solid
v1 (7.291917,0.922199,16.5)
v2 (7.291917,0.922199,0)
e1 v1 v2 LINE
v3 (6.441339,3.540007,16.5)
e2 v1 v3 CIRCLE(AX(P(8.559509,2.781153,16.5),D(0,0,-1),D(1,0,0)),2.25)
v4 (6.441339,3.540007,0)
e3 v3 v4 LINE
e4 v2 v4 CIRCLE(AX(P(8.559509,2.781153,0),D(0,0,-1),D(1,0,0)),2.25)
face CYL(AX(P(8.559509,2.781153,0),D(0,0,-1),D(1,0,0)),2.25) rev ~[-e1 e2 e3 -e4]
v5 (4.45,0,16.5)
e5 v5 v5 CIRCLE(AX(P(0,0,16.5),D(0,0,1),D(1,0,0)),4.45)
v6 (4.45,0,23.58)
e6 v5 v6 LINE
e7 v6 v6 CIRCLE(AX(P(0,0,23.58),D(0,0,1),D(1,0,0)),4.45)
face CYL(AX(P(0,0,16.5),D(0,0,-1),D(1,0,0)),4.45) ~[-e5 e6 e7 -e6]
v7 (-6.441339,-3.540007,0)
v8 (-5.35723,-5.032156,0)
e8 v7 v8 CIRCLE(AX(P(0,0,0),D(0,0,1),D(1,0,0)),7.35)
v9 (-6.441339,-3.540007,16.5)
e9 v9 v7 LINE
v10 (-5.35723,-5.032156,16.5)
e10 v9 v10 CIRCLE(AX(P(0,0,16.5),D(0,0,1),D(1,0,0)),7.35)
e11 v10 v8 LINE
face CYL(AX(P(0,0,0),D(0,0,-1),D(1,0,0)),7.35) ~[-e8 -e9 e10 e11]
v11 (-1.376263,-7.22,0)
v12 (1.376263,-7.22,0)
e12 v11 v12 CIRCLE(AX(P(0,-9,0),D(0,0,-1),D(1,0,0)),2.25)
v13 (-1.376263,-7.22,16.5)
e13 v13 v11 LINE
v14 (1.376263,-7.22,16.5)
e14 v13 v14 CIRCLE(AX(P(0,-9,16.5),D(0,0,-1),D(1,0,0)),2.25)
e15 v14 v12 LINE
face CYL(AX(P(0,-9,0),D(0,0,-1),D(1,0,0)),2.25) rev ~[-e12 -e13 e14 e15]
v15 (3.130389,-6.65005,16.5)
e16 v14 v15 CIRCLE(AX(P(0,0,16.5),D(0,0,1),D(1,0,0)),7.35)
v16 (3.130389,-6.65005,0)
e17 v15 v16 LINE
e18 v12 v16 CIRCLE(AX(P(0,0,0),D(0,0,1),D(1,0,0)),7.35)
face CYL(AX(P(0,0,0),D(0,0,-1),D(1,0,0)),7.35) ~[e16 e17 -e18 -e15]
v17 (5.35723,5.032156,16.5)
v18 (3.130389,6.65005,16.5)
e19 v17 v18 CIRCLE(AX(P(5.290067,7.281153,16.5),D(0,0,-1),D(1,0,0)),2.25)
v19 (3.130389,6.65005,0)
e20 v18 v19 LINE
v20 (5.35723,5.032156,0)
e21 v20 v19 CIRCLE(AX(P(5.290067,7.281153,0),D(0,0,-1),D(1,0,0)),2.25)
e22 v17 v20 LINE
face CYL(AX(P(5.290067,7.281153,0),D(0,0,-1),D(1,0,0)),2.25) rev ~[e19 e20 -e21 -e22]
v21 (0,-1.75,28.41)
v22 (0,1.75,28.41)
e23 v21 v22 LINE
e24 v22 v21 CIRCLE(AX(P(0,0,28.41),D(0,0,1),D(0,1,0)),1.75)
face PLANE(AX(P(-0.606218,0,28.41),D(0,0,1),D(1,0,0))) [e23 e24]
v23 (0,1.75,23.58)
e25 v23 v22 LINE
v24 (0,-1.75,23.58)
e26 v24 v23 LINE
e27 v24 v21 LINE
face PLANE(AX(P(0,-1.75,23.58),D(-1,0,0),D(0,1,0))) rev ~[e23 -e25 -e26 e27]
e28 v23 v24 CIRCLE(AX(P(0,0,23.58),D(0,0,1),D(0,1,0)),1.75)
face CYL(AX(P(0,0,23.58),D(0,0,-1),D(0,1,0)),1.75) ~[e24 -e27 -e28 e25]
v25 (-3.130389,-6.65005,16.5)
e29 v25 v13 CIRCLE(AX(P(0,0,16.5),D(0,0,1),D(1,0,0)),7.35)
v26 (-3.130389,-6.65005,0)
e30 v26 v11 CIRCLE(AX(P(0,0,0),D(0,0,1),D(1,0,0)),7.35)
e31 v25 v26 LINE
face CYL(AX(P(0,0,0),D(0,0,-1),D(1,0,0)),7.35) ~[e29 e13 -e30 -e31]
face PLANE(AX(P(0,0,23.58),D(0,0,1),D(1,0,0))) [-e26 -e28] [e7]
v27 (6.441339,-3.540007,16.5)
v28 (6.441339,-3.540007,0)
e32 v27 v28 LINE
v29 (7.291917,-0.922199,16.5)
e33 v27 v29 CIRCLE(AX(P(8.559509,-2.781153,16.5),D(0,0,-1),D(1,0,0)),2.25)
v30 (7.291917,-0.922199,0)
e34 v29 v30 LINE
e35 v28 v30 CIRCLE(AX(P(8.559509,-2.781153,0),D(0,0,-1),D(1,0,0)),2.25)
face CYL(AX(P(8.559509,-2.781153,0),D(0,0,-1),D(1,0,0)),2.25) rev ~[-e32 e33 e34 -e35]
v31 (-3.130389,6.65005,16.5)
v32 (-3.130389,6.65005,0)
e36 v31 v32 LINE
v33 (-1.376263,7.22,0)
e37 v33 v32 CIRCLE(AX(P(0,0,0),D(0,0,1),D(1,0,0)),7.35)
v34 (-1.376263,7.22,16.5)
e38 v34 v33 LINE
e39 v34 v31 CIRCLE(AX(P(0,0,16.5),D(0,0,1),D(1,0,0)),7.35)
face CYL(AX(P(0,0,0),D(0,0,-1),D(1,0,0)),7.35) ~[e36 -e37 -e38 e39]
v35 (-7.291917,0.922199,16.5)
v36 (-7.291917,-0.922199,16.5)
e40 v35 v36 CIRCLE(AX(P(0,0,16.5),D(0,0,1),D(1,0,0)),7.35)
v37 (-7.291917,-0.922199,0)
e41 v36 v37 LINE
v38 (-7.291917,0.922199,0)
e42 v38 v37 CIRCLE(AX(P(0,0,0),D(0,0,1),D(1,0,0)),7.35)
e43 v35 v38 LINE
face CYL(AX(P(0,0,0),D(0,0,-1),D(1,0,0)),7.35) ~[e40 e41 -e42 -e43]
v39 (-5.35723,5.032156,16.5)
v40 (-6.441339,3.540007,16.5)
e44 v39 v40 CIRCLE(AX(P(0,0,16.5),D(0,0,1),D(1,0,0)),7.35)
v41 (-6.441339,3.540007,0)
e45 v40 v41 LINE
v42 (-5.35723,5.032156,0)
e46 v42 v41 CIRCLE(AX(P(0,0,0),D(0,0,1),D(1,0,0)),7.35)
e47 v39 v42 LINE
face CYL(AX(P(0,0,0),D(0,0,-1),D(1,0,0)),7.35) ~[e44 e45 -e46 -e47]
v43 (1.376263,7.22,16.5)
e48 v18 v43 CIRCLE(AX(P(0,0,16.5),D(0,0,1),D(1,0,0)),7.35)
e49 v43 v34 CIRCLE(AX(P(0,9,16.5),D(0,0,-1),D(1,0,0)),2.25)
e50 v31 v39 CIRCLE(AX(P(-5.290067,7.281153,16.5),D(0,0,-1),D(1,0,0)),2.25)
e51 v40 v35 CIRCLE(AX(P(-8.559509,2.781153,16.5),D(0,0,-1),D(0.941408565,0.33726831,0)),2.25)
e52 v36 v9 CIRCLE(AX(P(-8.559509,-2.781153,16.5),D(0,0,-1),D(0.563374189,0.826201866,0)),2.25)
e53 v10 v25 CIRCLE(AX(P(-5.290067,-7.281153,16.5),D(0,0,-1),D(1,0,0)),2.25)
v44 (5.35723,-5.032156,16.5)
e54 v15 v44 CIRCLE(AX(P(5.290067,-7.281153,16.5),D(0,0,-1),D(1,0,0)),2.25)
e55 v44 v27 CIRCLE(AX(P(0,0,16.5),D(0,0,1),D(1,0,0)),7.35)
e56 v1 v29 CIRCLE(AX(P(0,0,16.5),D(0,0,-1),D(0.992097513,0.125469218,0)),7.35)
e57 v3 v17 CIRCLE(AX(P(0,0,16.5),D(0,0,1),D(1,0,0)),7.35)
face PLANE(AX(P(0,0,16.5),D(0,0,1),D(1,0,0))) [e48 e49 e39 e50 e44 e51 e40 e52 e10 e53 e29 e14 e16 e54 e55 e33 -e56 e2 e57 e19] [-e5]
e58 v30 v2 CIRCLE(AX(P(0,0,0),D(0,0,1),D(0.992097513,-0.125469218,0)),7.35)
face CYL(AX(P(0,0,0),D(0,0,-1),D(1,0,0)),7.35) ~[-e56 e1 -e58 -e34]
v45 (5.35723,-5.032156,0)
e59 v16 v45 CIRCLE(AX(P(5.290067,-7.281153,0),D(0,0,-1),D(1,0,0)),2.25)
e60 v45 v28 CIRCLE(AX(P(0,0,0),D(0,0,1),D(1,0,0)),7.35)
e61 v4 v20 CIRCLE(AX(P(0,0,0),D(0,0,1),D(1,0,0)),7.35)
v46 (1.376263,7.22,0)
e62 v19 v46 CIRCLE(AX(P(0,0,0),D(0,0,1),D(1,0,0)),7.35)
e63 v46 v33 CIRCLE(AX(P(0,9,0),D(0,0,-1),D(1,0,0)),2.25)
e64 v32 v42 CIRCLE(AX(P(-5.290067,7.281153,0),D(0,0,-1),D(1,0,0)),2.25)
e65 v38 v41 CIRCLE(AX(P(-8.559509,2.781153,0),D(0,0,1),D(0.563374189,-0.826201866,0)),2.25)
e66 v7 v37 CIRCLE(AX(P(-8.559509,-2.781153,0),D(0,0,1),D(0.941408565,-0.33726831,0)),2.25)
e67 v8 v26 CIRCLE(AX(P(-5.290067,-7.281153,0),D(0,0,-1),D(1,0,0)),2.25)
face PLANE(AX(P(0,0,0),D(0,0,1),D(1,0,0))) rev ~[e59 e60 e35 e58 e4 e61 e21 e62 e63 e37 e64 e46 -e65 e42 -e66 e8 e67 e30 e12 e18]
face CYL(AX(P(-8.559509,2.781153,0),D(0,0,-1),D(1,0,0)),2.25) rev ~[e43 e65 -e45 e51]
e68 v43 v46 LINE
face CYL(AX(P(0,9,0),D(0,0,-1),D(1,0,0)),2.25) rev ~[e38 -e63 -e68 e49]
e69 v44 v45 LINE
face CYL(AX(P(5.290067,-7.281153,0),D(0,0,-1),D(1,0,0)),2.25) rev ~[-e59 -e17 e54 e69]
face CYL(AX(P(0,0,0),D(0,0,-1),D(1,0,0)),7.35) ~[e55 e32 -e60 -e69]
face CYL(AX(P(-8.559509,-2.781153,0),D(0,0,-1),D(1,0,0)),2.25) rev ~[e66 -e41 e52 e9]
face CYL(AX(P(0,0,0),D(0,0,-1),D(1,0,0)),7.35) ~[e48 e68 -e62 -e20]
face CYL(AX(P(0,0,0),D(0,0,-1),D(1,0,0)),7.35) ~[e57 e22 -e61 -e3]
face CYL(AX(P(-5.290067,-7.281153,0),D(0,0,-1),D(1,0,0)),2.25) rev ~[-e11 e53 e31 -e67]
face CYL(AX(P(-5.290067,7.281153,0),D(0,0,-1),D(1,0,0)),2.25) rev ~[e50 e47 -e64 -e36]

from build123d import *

# Parameters (mm, degrees)
F0_R     = 7.35
F1_DEPTH = 16.5
F2_R     = 4.45
F3_DEPTH = 7.08
F6_DEPTH = 4.83
F7_R     = 2.25
F8_DEPTH = 25
F9_DEPTH = 25


with BuildPart() as f1:
    # F0 (on Top) → F1 (new body)
    with BuildSketch(Plane.XY):
        Circle(F0_R)
    extrude(amount=F1_DEPTH)

    # F2 (on face) → F3 (join)
    with BuildSketch(Plane.XY.offset(16.5)):
        Circle(F2_R)
    extrude(amount=F3_DEPTH)

    # F5 (on face) → F6 (join)
    with BuildSketch(Plane.XY.offset(23.58)):
        with BuildLine():
            Line((0, -1.75), (0, 1.75))
            ThreePointArc((0, 1.75), (-1.75, 0), (0, -1.75))
        make_face()
    extrude(amount=F6_DEPTH)

    # F7 (on face) → F8 (cut)
    with BuildSketch(Plane(origin=(0, 0, 0), x_dir=(1, 0, 0), z_dir=(0, 0, -1))):
        with Locations((0, -9)):
            Circle(F7_R)
        with Locations((5.2900672706, -7.2811529494)):
            Circle(F7_R)
        with Locations((8.5595086467, -2.7811529494)):
            Circle(F7_R)
        with Locations((8.5595086467, 2.7811529494)):
            Circle(F7_R)
        with Locations((5.2900672706, 7.2811529494)):
            Circle(F7_R)
        with Locations((0, 9)):
            Circle(F7_R)
        with Locations((-5.2900672706, 7.2811529494)):
            Circle(F7_R)
        with Locations((-8.5595086467, 2.7811529494)):
            Circle(F7_R)
        with Locations((-8.5595086467, -2.7811529494)):
            Circle(F7_R)
        with Locations((-5.2900672706, -7.2811529494)):
            Circle(F7_R)
    extrude(amount=-F8_DEPTH, mode=Mode.SUBTRACT)

    # F7 (on face) → F9 (cut)
    with BuildSketch(Plane(origin=(0, 0, 0), x_dir=(1, 0, 0), z_dir=(0, 0, -1))):
        with BuildLine():
            ThreePointArc((7.2919167208, -0.9221987516), (6.419631485, -2.085864712), (6.4413393745, -3.5400066472))
            ThreePointArc((6.4413393745, -3.5400066472), (6.9902653948, -2.2712749087), (7.2919167208, -0.9221987516))
        make_face()
        with BuildLine():
            ThreePointArc((5.3572297228, -5.0321555716), (4.3202216043, -5.9462749087), (3.1303893203, -6.6500498271))
            ThreePointArc((3.1303893203, -6.6500498271), (4.9713004187, -9.5084579788), (7.5400672706, -7.2811529494))
            ThreePointArc((7.5400672706, -7.2811529494), (6.9046284366, -5.7140881003), (5.3572297228, -5.0321555716))
        make_face()
        with BuildLine():
            ThreePointArc((-1.3762630563, -7.22), (-0.9914403975, -11.0197885875), (2.25, -9))
            ThreePointArc((2.25, -9), (2.0197885875, -8.0085596025), (1.3762630563, -7.22))
            ThreePointArc((1.3762630563, -7.22), (0, -7.35), (-1.3762630563, -7.22))
        make_face()
        with BuildLine():
            ThreePointArc((-3.0400672706, -7.2811529494), (-3.0627622412, -6.9623860974), (-3.1303893203, -6.6500498271))
            ThreePointArc((-3.1303893203, -6.6500498271), (-4.3202216043, -5.9462749087), (-5.3572297228, -5.0321555716))
            ThreePointArc((-5.3572297228, -5.0321555716), (-6.8571321197, -8.8957141153), (-3.0400672706, -7.2811529494))
        make_face()
        with BuildLine():
            ThreePointArc((-7.2919167208, -0.9221987516), (-10.6993858083, -3.4764411867), (-6.4413393745, -3.5400066472))
            ThreePointArc((-6.4413393745, -3.5400066472), (-6.9902653948, -2.2712749087), (-7.2919167208, -0.9221987516))
        make_face()
        with BuildLine():
            ThreePointArc((-6.4413393745, 3.5400066472), (-10.6993858083, 3.4764411867), (-7.2919167208, 0.9221987516))
            ThreePointArc((-7.2919167208, 0.9221987516), (-6.9902653948, 2.2712749087), (-6.4413393745, 3.5400066472))
        make_face()
        with BuildLine():
            ThreePointArc((-3.1303893203, 6.6500498271), (-4.3202216043, 5.9462749087), (-5.3572297228, 5.0321555716))
            ThreePointArc((-5.3572297228, 5.0321555716), (-3.967550453, 5.460864712), (-3.1303893203, 6.6500498271))
        make_face()
        with BuildLine():
            ThreePointArc((1.3762630563, 7.22), (0, 7.35), (-1.3762630563, 7.22))
            ThreePointArc((-1.3762630563, 7.22), (0, 6.75), (1.3762630563, 7.22))
        make_face()
        with BuildLine():
            ThreePointArc((3.1303893203, 6.6500498271), (3.967550453, 5.460864712), (5.3572297228, 5.0321555716))
            ThreePointArc((5.3572297228, 5.0321555716), (4.3202216043, 5.9462749087), (3.1303893203, 6.6500498271))
        make_face()
        with BuildLine():
            ThreePointArc((6.4413393745, 3.5400066472), (6.419631485, 2.085864712), (7.2919167208, 0.9221987516))
            ThreePointArc((7.2919167208, 0.9221987516), (6.9902653948, 2.2712749087), (6.4413393745, 3.5400066472))
        make_face()
    extrude(amount=-F9_DEPTH, mode=Mode.SUBTRACT)


solid = f1.part
